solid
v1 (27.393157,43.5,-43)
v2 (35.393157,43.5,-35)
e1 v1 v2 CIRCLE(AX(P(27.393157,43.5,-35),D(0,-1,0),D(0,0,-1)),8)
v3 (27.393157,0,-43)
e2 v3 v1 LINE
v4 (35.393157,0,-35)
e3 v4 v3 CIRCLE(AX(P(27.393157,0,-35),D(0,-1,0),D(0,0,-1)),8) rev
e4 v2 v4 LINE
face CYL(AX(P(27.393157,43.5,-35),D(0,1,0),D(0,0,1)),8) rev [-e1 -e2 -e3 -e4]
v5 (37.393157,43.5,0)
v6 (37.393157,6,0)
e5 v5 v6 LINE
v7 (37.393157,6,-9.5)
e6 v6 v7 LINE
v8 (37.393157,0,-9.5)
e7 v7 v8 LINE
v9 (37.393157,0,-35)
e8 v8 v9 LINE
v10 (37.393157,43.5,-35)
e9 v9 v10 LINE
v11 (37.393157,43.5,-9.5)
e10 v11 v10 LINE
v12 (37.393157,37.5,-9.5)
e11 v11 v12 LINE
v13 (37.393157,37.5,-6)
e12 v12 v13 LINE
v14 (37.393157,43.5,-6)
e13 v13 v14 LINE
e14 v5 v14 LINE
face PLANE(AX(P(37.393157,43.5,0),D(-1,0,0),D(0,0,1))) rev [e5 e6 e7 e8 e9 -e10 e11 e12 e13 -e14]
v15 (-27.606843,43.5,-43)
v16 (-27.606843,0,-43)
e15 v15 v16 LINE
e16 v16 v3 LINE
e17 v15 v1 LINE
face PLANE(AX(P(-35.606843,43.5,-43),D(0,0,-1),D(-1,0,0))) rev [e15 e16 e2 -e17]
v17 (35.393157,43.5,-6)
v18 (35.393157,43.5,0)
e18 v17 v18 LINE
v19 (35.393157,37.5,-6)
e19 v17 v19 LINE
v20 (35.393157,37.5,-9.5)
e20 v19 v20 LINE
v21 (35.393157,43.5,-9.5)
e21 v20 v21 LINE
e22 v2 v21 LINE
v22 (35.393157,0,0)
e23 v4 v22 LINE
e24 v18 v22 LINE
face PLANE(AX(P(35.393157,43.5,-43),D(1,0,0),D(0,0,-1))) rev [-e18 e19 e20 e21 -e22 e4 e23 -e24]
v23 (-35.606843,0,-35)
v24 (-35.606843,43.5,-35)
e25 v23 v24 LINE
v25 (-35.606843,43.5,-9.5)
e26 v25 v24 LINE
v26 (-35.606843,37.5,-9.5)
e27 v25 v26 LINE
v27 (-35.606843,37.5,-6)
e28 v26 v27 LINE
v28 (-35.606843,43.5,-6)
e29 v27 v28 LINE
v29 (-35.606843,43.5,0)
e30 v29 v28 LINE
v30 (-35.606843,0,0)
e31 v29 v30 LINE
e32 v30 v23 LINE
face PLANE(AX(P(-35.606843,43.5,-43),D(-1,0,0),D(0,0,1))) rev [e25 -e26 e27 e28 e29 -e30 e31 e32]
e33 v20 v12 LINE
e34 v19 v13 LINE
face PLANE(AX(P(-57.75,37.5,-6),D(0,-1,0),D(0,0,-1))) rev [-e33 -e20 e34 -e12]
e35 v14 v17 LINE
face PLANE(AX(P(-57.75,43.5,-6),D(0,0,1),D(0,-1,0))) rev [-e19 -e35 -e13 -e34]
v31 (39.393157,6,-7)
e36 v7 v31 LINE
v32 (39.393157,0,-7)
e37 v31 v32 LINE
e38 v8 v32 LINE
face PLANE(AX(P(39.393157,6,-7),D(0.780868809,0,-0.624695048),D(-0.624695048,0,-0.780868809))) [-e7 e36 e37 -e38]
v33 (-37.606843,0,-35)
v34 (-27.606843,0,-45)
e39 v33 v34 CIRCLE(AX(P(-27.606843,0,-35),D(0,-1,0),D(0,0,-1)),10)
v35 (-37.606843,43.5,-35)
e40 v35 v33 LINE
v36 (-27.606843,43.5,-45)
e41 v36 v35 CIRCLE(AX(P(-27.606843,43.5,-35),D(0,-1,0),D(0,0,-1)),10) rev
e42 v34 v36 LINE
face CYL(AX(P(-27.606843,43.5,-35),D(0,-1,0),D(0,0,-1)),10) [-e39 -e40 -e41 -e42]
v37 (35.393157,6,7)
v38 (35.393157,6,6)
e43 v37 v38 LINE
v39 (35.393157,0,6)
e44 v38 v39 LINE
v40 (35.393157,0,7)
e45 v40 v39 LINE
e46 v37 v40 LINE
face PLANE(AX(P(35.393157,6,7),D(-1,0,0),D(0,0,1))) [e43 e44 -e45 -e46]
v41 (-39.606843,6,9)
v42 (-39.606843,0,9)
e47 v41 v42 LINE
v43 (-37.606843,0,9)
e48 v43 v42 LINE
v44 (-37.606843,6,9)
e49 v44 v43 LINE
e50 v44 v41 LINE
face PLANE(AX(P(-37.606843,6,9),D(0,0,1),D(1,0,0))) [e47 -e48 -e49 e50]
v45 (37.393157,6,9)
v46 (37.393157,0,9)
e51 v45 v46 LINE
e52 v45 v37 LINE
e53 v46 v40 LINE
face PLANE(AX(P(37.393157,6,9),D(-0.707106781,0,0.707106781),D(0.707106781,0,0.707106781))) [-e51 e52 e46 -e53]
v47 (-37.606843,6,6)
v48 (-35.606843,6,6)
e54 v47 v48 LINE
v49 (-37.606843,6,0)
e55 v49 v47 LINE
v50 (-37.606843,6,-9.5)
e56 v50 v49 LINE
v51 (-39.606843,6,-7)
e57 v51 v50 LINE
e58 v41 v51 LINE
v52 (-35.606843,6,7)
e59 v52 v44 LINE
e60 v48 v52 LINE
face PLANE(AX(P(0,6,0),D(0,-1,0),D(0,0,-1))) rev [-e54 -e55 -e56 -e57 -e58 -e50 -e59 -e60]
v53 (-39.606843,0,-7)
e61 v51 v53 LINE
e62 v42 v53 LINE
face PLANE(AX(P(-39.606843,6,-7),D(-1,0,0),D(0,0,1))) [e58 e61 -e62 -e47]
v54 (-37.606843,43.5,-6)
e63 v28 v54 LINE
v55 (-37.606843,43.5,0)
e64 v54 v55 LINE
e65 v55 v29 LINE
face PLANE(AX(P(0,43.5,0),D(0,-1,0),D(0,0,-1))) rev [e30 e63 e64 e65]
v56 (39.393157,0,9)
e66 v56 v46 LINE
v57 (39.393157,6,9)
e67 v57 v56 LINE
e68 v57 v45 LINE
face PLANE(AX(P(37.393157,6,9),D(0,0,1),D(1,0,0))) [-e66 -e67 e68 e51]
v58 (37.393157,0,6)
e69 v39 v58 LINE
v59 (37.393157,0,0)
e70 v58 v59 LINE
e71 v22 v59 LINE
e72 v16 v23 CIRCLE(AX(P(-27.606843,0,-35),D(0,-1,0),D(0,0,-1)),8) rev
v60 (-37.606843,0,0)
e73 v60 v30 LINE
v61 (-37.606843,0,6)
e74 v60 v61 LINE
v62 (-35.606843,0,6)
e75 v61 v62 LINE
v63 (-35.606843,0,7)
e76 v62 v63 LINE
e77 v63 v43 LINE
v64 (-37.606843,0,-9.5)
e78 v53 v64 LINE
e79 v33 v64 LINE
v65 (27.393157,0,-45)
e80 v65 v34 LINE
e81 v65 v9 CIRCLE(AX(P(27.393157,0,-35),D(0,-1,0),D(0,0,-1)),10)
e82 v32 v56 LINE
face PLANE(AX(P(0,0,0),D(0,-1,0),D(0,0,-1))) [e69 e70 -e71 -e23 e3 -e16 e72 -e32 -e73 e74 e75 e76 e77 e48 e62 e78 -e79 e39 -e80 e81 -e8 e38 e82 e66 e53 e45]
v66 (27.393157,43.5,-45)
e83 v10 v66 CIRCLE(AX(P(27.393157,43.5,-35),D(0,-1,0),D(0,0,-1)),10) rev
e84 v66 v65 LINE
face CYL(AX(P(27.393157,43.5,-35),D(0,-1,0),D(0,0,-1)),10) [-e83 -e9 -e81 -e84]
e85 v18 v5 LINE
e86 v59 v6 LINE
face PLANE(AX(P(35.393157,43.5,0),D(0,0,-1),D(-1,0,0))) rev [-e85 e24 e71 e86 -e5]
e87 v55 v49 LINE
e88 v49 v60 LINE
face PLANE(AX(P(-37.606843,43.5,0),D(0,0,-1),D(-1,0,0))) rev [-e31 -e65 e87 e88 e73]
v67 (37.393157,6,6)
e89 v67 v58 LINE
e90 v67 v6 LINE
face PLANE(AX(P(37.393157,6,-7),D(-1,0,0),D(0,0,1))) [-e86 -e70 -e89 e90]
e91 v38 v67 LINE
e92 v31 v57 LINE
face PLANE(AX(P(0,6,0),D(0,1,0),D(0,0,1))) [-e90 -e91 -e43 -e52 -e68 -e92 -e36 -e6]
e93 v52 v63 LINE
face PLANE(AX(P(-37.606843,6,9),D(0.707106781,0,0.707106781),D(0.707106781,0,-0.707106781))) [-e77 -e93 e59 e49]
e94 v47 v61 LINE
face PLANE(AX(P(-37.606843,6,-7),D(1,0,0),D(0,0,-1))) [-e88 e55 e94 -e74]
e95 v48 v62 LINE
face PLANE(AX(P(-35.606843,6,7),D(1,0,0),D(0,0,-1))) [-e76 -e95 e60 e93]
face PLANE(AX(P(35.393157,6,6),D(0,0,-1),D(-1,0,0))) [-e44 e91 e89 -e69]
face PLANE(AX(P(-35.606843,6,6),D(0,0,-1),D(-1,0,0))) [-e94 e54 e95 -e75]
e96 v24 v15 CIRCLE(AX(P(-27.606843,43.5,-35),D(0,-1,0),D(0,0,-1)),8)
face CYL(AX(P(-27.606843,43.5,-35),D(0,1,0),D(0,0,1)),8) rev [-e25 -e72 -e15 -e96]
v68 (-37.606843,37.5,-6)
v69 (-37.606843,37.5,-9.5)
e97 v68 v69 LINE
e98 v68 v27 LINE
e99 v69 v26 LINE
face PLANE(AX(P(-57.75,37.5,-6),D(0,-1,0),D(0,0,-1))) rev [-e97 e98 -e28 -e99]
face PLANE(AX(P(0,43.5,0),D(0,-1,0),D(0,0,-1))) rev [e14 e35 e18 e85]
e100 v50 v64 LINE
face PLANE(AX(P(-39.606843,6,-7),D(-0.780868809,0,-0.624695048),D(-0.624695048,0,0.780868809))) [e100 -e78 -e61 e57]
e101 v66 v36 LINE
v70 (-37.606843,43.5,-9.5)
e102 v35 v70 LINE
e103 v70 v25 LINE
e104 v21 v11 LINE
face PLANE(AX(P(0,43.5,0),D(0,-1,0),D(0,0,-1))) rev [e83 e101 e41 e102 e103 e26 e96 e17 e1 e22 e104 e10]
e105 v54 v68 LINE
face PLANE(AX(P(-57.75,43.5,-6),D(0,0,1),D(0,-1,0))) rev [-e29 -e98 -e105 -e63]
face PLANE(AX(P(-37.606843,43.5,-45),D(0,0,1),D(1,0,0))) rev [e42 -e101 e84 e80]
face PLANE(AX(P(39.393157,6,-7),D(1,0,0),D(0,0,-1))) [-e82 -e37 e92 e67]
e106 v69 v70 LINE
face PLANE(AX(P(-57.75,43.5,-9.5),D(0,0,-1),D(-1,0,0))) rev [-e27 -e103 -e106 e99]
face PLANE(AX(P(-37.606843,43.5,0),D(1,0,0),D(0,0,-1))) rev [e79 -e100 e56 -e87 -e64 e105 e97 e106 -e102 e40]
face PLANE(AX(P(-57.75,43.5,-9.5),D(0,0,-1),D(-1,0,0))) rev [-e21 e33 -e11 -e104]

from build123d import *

# Parameters (mm, degrees)
BOSS_EXTRUDE1_DEPTH = 43.5
FILLET1_R           = 8
FILLET2_R           = 10
SKETCH3_W           = 3.5
SKETCH3_H           = 6
CUT_EXTRUDE1_DEPTH  = 57.75
BOSS_EXTRUDE2_DEPTH = 6


with BuildPart() as part:
    # Sketch2 → Boss-Extrude1 (new body)
    with BuildSketch(Plane(origin=(0, 0, 0), x_dir=(1, 0, 0), z_dir=(0, 1, 0))):
        Polygon((35.39315693, 0), (37.39315693, 0), (37.39315693, 45), (-37.60684307, 45), (-37.60684307, 0), (-35.60684307, 0), (-35.60684307, 43), (35.39315693, 43), align=None)
    extrude(amount=BOSS_EXTRUDE1_DEPTH)

    # Fillet1
    fillet1_edges = [part.edges().sort_by_distance(p)[0] for p in [
        (35.39315693, 21.75, -43),
        (-35.60684307, 21.75, -43),
    ]]
    fillet(fillet1_edges, radius=FILLET1_R)

    # Fillet2
    fillet2_edges = [part.edges().sort_by_distance(p)[0] for p in [
        (-37.60684307, 21.75, -45),
        (37.39315693, 21.75, -45),
    ]]
    fillet(fillet2_edges, radius=FILLET2_R)

    # Sketch3 → Cut-Extrude1 (cut, symmetric)
    with BuildSketch(Plane(origin=(0, 0, 0), x_dir=(0, 0, -1), z_dir=(1, 0, 0))):
        with Locations((7.75, 40.5)):
            Rectangle(SKETCH3_W, SKETCH3_H)
    extrude(amount=CUT_EXTRUDE1_DEPTH, both=True, mode=Mode.SUBTRACT)

    # Sketch4 → Boss-Extrude2 (add)
    with BuildSketch(Plane.XZ):
        Polygon((-37.60684307, -7), (-37.60684307, 6), (-35.60684307, 6), (-35.60684307, 7), (-37.60684307, 9), (-39.60684307, 9), (-39.60684307, -7), (-37.60684307, -9.5), align=None)
        Polygon((37.39315693, -7), (37.39315693, 6), (35.39315693, 6), (35.39315693, 7), (37.39315693, 9), (39.39315693, 9), (39.39315693, -7), (37.39315693, -9.5), align=None)
    extrude(amount=-BOSS_EXTRUDE2_DEPTH)


solid = part.part
